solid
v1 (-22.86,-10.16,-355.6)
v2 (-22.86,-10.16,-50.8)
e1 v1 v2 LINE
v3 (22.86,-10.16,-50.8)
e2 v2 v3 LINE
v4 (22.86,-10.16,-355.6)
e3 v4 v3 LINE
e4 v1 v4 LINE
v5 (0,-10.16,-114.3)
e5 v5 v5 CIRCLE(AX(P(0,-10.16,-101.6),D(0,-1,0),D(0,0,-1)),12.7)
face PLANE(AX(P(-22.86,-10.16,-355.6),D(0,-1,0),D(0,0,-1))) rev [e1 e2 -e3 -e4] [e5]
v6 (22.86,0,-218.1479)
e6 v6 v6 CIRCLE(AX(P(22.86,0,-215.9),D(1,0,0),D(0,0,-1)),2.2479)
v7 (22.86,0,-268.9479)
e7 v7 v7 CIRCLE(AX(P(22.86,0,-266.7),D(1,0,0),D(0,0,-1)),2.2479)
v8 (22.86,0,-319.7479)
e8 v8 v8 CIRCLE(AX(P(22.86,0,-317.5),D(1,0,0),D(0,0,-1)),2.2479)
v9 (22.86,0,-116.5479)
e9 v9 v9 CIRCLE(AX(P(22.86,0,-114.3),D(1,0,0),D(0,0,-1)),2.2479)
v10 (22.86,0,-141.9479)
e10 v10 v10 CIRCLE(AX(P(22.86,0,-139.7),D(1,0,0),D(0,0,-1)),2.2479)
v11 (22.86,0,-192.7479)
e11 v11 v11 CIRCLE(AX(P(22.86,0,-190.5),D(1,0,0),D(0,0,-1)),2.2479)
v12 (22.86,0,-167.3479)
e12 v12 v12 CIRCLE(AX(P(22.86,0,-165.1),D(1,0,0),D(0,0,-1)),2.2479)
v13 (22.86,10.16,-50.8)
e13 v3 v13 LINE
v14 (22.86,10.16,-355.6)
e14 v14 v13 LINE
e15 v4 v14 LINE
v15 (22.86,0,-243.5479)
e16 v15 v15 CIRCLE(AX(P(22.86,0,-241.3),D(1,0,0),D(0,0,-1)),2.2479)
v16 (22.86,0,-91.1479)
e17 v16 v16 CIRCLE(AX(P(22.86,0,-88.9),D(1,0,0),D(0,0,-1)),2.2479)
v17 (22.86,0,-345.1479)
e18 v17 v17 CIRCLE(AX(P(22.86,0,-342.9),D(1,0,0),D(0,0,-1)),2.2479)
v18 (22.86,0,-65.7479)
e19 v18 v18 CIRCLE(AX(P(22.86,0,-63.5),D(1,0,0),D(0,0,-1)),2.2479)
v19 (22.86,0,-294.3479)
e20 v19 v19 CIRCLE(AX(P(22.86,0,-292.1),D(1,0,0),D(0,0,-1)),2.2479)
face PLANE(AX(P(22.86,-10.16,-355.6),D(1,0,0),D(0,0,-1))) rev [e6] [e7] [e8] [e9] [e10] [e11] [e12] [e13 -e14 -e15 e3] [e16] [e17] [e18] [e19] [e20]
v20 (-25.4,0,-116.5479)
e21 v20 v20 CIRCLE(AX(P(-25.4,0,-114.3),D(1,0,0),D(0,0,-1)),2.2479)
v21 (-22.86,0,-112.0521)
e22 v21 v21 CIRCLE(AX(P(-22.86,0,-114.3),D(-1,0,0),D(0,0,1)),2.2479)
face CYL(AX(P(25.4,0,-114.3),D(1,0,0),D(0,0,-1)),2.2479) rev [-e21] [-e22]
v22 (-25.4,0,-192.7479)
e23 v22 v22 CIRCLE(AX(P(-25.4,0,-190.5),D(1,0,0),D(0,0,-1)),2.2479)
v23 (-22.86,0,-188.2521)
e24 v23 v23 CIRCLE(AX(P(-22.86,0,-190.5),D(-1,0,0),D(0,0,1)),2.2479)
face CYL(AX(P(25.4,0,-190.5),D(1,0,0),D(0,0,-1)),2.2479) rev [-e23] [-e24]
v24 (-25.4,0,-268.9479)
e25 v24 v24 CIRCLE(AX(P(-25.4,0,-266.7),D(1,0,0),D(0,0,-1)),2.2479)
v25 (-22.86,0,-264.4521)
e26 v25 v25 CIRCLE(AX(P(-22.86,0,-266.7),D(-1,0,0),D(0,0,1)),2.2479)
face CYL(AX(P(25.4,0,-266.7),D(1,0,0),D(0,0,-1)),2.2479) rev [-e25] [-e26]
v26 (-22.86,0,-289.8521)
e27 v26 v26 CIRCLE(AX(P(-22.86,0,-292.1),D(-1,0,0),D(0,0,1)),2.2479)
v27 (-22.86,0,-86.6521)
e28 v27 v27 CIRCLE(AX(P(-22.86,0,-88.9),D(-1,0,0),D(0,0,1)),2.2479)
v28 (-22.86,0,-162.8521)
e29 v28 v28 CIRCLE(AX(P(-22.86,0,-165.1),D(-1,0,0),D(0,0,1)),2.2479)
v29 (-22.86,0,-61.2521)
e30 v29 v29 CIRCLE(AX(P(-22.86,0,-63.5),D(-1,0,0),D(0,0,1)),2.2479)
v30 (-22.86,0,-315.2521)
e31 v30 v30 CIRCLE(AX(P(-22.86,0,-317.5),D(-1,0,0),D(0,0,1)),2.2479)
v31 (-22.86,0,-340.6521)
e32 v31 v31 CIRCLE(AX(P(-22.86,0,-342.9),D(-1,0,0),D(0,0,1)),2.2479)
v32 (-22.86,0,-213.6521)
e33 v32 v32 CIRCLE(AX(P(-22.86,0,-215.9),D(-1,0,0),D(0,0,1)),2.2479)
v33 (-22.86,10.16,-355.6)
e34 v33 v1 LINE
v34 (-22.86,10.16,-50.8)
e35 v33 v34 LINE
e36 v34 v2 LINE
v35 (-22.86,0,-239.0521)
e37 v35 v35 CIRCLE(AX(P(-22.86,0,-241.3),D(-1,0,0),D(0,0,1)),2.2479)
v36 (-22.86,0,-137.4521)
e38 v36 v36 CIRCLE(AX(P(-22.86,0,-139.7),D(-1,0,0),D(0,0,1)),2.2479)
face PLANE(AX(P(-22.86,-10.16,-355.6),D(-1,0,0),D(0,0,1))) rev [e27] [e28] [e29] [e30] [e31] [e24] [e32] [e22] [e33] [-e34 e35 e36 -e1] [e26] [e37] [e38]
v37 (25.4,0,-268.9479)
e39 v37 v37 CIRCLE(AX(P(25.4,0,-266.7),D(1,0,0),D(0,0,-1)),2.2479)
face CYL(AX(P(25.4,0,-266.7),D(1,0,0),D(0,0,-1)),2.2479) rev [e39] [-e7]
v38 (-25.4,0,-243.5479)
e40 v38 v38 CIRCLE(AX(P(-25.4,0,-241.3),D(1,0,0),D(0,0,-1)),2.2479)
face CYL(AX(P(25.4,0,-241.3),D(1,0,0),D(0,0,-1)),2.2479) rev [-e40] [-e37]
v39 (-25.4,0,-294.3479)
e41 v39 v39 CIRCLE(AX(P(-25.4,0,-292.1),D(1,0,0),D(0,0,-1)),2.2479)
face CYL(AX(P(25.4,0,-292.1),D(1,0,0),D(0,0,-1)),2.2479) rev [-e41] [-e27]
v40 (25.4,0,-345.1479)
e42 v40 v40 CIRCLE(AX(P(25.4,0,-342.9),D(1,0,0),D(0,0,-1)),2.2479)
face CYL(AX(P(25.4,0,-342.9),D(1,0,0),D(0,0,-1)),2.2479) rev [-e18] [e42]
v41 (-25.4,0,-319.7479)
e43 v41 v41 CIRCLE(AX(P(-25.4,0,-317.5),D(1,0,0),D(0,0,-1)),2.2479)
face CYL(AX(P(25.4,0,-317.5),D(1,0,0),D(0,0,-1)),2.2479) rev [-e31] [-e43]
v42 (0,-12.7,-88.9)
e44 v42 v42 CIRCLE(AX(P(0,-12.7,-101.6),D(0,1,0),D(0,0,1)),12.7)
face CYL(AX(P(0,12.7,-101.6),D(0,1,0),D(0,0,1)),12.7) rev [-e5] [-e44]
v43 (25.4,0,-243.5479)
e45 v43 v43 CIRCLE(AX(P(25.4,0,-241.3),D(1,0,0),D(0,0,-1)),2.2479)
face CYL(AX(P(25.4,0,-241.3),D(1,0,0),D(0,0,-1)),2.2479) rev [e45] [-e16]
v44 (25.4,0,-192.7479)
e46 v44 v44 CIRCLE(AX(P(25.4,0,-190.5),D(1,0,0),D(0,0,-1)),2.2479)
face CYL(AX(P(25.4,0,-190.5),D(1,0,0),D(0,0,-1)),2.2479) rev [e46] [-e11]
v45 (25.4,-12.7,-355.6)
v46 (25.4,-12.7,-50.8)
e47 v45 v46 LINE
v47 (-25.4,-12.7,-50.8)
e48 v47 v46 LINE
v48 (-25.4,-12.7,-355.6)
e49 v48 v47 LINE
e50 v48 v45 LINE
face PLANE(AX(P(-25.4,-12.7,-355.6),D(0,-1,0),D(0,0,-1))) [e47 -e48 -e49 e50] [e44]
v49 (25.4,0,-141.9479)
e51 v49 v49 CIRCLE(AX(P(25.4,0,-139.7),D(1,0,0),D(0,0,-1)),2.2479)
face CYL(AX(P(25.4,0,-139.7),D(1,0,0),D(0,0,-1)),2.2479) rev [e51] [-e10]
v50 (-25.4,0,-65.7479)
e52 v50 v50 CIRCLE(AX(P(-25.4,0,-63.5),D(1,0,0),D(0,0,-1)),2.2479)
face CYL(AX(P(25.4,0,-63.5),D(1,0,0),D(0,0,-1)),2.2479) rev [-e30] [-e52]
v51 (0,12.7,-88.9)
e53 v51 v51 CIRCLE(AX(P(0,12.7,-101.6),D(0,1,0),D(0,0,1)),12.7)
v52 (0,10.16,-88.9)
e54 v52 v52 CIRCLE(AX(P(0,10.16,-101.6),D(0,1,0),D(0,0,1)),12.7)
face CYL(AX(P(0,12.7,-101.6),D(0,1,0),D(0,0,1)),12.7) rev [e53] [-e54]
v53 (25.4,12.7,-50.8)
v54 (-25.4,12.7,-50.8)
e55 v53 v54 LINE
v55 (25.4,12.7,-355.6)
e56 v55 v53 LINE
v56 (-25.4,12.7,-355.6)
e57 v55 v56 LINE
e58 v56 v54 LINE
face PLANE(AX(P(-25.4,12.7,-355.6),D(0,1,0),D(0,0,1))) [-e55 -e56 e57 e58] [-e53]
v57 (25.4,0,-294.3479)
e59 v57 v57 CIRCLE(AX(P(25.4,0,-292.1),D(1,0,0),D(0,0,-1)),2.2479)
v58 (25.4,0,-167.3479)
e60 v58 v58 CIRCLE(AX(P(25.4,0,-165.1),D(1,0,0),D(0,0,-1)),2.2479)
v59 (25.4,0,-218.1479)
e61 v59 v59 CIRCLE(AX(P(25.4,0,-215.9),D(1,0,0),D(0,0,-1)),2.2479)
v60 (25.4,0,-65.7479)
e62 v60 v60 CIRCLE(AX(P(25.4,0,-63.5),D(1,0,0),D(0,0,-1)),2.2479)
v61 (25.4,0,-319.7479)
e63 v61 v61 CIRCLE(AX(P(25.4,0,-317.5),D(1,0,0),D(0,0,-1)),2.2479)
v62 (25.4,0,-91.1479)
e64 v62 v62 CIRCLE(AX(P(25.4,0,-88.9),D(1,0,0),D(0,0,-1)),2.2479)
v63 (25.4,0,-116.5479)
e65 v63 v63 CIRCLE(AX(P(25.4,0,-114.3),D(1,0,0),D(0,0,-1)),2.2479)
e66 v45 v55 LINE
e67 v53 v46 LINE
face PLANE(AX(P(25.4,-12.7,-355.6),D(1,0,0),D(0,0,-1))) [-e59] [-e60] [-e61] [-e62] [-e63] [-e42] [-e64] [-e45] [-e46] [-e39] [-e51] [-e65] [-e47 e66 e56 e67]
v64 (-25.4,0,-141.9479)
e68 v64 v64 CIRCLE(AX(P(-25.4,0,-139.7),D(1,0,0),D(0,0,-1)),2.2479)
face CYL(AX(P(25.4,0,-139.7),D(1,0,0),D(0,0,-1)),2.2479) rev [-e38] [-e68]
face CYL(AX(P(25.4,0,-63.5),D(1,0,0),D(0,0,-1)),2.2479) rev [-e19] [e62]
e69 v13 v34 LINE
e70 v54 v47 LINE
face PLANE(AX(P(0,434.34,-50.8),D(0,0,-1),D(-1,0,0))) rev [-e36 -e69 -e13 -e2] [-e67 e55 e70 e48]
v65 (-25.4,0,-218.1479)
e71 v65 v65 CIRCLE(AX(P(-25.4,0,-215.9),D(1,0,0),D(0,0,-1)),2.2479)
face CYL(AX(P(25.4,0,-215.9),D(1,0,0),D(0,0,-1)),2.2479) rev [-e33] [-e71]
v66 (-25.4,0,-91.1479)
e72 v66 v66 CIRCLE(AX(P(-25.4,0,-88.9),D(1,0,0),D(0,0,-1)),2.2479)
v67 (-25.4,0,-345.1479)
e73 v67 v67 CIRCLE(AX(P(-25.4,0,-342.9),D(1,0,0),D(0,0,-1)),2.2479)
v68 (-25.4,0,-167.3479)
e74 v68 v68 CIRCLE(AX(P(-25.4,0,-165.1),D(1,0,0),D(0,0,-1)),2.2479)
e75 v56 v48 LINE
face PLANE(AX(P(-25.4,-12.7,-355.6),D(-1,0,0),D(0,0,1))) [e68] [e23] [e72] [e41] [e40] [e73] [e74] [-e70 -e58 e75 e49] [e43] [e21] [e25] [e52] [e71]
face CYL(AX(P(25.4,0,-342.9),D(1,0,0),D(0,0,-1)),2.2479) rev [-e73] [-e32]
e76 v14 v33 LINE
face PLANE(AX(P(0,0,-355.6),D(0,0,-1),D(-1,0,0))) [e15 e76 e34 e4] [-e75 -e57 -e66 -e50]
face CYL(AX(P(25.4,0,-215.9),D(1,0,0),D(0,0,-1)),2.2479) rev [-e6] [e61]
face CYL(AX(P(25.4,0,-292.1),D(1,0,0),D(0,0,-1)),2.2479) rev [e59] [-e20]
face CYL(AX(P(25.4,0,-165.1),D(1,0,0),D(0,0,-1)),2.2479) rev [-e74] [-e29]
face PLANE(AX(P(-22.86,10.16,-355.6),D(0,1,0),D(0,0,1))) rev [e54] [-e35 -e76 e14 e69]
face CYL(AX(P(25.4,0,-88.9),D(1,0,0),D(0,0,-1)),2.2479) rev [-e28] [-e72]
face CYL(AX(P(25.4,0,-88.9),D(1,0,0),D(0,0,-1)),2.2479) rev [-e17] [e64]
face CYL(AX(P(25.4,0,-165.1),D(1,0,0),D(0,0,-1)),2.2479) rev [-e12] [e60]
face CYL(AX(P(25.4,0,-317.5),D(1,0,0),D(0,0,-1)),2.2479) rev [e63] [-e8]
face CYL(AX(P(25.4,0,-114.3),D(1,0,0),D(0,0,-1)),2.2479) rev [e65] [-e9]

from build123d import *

# Parameters (mm, degrees)
SKETCH1_W               = 50.8
SKETCH1_H               = 25.4
SKETCH1_W_2             = 45.72
SKETCH1_H_2             = 20.32
BOSS_EXTRUDE1_DEPTH     = 355.6
F_8_CLEARANCE_HOLE1_D   = 4.4958
F_1_1_DIAMETER_HOLE1_D  = 25.4
SKETCH8_W               = 50.8
SKETCH8_H               = 50.8
CUT_EXTRUDE1_DEPTH      = 421.64
CUT_EXTRUDE1_DEPTH_BACK = 71.882


with BuildPart() as part:
    # Sketch1 → Boss-Extrude1 (new body)
    with BuildSketch(Plane.XY):
        Rectangle(SKETCH1_W, SKETCH1_H)
        Rectangle(SKETCH1_W_2, SKETCH1_H_2, mode=Mode.SUBTRACT)
    extrude(amount=-BOSS_EXTRUDE1_DEPTH)

    # #8 Clearance Hole1 (through all)
    with Locations(Plane(origin=(25.4, 0, 0), x_dir=(0, 0, -1), z_dir=(1, 0, 0))):
        with Locations((12.7, 0), (38.1, 0), (63.5, 0), (88.9, 0), (114.3, 0), (139.7, 0), (165.1, 0), (190.5, 0), (215.9, 0), (241.3, 0), (266.7, 0), (292.1, 0), (317.5, 0), (342.9, 0)):
            Hole(F_8_CLEARANCE_HOLE1_D / 2)

    # 1 (1) Diameter Hole1 (through all)
    with Locations(Plane(origin=(0, 12.7, 0), x_dir=(1, 0, 0), z_dir=(0, 1, 0))):
        with Locations((0, 101.6)):
            Hole(F_1_1_DIAMETER_HOLE1_D / 2)

    # Sketch8 → Cut-Extrude1 (cut, two sides)
    with BuildSketch(Plane(origin=(0, 12.7, 0), x_dir=(1, 0, 0), z_dir=(0, 1, 0))) as cut_extrude1_sk:
        with Locations((0, 25.4)):
            Rectangle(SKETCH8_W, SKETCH8_H)
    extrude(amount=CUT_EXTRUDE1_DEPTH, mode=Mode.SUBTRACT)
    extrude(cut_extrude1_sk.sketch, amount=-CUT_EXTRUDE1_DEPTH_BACK, mode=Mode.SUBTRACT)


solid = part.part
